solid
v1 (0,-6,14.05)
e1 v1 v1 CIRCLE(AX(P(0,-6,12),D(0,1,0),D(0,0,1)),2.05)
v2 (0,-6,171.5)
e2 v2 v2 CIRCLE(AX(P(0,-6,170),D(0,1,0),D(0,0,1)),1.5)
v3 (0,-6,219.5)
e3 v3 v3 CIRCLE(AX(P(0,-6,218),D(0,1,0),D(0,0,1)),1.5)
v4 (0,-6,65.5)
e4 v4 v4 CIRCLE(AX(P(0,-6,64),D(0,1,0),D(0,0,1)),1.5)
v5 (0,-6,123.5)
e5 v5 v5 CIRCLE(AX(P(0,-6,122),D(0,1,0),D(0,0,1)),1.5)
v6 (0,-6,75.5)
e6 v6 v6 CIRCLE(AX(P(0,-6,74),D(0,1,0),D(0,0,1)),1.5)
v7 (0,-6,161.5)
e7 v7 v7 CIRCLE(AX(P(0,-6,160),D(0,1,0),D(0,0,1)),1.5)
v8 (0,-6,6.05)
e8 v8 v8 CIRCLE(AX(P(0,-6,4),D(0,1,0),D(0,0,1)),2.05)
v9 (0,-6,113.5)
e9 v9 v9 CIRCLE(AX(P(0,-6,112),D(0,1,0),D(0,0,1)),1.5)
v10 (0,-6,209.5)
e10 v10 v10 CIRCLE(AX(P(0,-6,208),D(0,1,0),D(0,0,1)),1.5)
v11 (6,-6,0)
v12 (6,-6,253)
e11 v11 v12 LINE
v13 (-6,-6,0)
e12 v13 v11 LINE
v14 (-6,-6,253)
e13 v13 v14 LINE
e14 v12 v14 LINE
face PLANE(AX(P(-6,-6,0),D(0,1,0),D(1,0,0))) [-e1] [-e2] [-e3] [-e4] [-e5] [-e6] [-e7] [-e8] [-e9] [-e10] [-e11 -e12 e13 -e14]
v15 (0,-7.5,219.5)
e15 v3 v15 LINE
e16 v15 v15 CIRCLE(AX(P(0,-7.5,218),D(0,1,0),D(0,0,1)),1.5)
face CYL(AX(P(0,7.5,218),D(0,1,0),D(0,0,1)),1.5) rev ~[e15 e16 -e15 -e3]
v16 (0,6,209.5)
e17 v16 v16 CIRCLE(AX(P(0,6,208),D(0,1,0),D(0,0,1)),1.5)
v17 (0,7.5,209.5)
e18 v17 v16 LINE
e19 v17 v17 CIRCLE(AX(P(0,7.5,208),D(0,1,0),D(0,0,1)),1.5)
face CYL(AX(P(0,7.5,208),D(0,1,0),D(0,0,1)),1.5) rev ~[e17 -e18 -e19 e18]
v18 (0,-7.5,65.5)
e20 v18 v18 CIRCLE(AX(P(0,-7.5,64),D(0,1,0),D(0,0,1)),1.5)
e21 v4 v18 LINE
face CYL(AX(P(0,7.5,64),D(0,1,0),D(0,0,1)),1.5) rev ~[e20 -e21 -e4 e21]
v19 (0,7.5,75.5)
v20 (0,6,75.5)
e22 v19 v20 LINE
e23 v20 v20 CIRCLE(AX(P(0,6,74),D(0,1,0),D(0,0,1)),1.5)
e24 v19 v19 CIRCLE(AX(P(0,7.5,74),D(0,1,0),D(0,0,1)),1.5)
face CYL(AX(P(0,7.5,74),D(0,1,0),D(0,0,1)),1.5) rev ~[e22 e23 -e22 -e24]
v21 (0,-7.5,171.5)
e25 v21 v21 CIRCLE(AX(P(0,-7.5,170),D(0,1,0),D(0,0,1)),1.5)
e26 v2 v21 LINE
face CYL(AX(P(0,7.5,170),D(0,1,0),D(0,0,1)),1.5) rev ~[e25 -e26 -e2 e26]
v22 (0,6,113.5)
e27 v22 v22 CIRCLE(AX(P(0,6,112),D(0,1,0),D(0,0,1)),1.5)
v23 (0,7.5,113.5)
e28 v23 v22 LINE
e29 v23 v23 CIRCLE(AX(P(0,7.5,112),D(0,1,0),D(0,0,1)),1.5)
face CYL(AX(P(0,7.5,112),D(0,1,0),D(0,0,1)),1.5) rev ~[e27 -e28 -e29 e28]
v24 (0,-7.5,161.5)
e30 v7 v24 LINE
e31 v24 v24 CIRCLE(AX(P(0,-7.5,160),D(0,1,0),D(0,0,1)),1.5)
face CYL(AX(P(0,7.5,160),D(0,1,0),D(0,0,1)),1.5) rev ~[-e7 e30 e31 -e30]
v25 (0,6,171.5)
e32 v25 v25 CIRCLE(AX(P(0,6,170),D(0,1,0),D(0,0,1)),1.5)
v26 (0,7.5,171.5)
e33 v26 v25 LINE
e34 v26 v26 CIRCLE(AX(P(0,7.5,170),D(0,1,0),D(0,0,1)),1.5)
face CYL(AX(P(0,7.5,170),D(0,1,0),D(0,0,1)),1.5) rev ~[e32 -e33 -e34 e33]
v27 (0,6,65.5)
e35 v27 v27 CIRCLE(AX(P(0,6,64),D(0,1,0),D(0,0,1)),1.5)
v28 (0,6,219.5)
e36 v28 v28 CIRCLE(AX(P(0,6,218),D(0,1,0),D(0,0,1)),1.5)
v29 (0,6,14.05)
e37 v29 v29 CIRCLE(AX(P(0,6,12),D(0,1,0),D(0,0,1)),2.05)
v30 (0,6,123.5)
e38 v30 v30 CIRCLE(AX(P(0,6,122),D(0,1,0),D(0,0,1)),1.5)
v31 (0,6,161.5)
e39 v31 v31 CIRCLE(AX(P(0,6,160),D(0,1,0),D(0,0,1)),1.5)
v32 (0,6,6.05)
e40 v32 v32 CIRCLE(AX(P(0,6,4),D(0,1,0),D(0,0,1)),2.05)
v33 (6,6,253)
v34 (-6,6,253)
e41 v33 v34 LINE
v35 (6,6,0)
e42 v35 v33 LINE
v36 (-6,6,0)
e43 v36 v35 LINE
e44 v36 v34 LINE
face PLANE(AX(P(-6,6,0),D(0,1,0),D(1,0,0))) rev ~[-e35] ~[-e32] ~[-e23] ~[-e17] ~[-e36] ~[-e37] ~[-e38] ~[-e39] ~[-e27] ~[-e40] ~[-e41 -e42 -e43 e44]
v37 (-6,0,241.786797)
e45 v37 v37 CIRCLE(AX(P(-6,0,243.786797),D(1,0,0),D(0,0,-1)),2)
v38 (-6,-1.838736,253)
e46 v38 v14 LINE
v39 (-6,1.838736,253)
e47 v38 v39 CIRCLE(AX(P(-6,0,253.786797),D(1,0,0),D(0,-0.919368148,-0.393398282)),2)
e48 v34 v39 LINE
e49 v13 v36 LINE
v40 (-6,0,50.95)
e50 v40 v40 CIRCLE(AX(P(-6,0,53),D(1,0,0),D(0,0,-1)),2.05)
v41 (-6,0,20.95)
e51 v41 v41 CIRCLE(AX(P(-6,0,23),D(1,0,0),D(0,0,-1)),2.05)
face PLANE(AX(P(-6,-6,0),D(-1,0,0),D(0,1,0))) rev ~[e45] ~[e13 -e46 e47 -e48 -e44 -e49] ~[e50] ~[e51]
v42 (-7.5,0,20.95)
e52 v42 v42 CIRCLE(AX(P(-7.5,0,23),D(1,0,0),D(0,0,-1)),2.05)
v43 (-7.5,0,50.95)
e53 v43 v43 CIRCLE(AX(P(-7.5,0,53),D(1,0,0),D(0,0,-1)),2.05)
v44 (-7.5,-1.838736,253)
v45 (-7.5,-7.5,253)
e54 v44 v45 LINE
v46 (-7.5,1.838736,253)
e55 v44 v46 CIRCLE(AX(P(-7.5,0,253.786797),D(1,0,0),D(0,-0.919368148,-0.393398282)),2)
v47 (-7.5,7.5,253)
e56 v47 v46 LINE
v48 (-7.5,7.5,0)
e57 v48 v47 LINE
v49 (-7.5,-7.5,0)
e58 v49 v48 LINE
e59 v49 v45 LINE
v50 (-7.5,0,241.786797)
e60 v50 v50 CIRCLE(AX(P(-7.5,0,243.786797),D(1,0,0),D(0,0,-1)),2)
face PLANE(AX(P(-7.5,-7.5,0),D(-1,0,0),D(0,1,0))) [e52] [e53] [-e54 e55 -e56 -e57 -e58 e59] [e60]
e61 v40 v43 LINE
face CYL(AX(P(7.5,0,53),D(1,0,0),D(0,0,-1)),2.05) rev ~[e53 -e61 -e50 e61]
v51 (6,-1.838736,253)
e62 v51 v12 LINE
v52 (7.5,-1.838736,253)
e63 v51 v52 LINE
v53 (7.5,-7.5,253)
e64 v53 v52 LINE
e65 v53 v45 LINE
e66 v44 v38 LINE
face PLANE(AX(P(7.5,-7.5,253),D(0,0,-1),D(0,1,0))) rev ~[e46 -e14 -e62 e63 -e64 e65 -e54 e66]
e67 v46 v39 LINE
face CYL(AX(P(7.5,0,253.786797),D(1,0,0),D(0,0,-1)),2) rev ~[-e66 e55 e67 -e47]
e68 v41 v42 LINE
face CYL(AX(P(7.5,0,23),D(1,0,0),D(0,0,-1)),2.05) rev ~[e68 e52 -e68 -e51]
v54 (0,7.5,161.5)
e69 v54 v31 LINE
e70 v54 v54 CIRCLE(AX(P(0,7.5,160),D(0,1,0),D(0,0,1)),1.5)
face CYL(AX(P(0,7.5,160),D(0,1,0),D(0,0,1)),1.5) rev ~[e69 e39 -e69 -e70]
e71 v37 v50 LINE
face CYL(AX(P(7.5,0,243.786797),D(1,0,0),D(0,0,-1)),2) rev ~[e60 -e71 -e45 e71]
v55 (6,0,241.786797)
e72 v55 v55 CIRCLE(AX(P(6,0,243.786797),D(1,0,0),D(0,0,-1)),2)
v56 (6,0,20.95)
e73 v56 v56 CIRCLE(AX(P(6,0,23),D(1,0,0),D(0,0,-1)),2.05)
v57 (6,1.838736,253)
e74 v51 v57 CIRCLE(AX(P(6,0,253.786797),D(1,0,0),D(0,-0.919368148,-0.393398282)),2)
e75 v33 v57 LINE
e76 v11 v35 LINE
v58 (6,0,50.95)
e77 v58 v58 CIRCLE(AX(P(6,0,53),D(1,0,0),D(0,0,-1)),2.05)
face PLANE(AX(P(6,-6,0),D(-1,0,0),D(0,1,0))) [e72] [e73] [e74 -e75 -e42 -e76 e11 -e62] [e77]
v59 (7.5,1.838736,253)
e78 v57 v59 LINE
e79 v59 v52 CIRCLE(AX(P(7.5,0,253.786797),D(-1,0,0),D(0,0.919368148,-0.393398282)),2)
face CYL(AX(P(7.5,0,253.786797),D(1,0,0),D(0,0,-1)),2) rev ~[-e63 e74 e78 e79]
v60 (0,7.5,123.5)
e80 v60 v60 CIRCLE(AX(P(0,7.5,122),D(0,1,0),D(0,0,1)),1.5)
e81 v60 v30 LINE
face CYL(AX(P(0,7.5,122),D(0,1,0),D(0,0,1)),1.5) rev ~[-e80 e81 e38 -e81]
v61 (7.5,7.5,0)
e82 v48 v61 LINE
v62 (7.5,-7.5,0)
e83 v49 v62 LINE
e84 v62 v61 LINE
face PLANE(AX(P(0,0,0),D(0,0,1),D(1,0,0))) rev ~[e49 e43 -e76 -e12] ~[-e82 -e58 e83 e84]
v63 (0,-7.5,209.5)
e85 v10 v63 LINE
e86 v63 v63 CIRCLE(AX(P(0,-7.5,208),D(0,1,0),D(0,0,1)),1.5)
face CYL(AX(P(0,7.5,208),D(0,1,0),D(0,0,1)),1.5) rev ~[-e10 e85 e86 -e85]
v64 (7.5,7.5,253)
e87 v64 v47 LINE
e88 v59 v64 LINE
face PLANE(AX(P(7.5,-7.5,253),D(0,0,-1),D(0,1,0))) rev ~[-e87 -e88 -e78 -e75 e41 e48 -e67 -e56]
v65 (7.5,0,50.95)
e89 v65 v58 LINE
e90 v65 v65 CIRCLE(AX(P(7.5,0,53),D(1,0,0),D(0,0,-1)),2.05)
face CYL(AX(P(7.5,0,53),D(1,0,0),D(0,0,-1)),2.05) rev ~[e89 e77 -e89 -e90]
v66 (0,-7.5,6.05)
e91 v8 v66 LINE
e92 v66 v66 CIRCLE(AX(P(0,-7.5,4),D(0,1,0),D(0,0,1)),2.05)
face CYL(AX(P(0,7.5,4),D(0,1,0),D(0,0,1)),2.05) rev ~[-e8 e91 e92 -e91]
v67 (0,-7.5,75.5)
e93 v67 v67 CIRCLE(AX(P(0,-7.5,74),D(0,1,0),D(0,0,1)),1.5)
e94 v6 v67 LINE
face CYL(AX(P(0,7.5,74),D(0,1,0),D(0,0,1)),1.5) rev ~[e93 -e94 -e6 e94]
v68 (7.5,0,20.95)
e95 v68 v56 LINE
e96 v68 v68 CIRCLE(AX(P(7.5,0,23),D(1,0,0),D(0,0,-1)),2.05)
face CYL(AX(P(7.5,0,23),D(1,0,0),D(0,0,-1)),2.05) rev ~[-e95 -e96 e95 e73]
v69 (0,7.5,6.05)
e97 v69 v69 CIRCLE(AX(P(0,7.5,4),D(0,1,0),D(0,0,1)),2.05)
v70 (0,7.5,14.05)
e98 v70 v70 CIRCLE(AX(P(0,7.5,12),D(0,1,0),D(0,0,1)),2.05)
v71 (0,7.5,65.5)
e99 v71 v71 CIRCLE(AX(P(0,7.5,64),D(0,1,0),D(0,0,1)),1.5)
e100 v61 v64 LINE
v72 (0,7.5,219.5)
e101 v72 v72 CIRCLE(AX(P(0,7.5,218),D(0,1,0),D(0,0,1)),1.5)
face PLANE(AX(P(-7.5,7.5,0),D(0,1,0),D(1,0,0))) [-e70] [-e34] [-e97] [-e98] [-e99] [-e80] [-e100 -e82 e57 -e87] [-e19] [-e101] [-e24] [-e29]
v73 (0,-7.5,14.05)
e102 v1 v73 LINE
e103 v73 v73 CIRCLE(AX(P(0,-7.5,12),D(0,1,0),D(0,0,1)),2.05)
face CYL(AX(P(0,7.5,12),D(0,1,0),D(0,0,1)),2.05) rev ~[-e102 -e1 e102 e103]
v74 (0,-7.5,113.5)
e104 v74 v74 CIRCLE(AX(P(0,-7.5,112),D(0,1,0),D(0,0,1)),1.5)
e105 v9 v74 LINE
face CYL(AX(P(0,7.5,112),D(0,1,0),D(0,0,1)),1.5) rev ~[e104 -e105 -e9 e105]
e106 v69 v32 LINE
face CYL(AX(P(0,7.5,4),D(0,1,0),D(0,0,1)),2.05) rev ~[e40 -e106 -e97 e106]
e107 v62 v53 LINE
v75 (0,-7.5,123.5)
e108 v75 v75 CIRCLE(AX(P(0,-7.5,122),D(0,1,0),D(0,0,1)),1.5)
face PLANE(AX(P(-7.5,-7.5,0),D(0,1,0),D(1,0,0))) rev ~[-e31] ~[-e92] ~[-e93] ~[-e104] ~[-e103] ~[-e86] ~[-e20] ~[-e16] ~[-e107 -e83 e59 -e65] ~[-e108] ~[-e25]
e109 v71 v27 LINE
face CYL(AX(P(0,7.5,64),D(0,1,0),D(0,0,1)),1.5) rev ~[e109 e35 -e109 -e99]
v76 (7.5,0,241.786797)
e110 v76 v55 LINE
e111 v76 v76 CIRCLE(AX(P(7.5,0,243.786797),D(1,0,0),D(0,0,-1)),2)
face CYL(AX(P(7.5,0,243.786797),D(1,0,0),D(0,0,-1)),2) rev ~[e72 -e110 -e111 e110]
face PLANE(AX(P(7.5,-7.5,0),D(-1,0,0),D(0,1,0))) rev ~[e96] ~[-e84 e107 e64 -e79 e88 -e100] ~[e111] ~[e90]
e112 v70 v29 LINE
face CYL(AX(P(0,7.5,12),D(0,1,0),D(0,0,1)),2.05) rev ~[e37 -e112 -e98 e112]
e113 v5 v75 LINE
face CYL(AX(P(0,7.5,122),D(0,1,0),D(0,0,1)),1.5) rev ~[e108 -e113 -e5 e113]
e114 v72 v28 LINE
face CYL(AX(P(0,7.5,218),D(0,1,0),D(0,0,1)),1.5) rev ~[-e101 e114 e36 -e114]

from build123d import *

# Parameters (mm, degrees)
SKETCH_1_W          = 15
SKETCH_1_H          = 15
SKETCH_1_W_2        = 12
SKETCH_1_H_2        = 12
EXTRUDE_1_DEPTH     = 375
SKETCH_3_R          = 2.05
CUT_EXTRUDE_2_DEPTH = 21
SKETCH_4_R          = 2.05
CUT_EXTRUDE_3_DEPTH = 25
SKETCH_6_R          = 2
CUT_EXTRUDE_5_DEPTH = 75
SKETCH_7_R          = 2
CUT_EXTRUDE_6_DEPTH = 376.374812687
SKETCH_8_W          = 122
SKETCH_8_H          = 15
CUT_EXTRUDE_7_DEPTH = 376.374812687
SKETCH_9_R          = 1.5
CUT_EXTRUDE_8_DEPTH = 254.55522081


with BuildPart() as part:
    # 草图1 → 凸台-拉伸1 (new body)
    with BuildSketch(Plane.XY):
        Rectangle(SKETCH_1_W, SKETCH_1_H)
        Rectangle(SKETCH_1_W_2, SKETCH_1_H_2, mode=Mode.SUBTRACT)
    extrude(amount=EXTRUDE_1_DEPTH)

    # 草图3 → 切除-拉伸2 (cut)
    with BuildSketch(Plane(origin=(0, 7.5, 0), x_dir=(1, 0, 0), z_dir=(0, 1, 0))):
        with Locations(Location((0, -4, 0), (0, 0, 270))):
            Circle(SKETCH_3_R)
        with Locations(Location((0, -12, 0), (0, 0, 270))):
            Circle(SKETCH_3_R)
    extrude(amount=-CUT_EXTRUDE_2_DEPTH, mode=Mode.SUBTRACT)

    # 草图4 → 切除-拉伸3 (cut)
    with BuildSketch(Plane(origin=(7.5, 0, 0), x_dir=(0, 0, -1), z_dir=(1, 0, 0))):
        with Locations((-23, 0)):
            Circle(SKETCH_4_R)
        with Locations((-53, 0)):
            Circle(SKETCH_4_R)
    extrude(amount=-CUT_EXTRUDE_3_DEPTH, mode=Mode.SUBTRACT)

    # 草图6 → 切除-拉伸5 (cut)
    with BuildSketch(Plane(origin=(0, 7.5, 0), x_dir=(1, 0, 0), z_dir=(0, 1, 0))):
        with Locations(Location((0, -335, 0), (0, 0, 270))):
            Circle(SKETCH_6_R)
        with Locations(Location((0, -350, 0), (0, 0, 270))):
            Circle(SKETCH_6_R)
    extrude(amount=-CUT_EXTRUDE_5_DEPTH, mode=Mode.SUBTRACT)

    # 草图7 → 切除-拉伸6 (cut, through all)
    with BuildSketch(Plane(origin=(7.5, 0, 0), x_dir=(0, 0, -1), z_dir=(1, 0, 0))):
        with Locations((-253.786796565, 0)):
            Circle(SKETCH_7_R)
        with Locations((-243.786796565, 0)):
            Circle(SKETCH_7_R)
    extrude(amount=-CUT_EXTRUDE_6_DEPTH, mode=Mode.SUBTRACT)

    # 草图8 → 切除-拉伸7 (cut, through all)
    with BuildSketch(Plane(origin=(7.5, 0, 0), x_dir=(0, 0, -1), z_dir=(1, 0, 0))):
        with Locations((-314, 0)):
            Rectangle(SKETCH_8_W, SKETCH_8_H)
    extrude(amount=-CUT_EXTRUDE_7_DEPTH, mode=Mode.SUBTRACT)

    # 草图9 → 切除-拉伸8 (cut, through all)
    with BuildSketch(Plane(origin=(0, 7.5, 0), x_dir=(1, 0, 0), z_dir=(0, 1, 0))):
        with Locations(Location((0, -218, 0), (0, 0, 270))):
            Circle(SKETCH_9_R)
        with Locations(Location((0, -208, 0), (0, 0, 270))):
            Circle(SKETCH_9_R)
        with Locations(Location((0, -170, 0), (0, 0, 270))):
            Circle(SKETCH_9_R)
        with Locations(Location((0, -160, 0), (0, 0, 270))):
            Circle(SKETCH_9_R)
        with Locations(Location((0, -122, 0), (0, 0, 270))):
            Circle(SKETCH_9_R)
        with Locations(Location((0, -112, 0), (0, 0, 270))):
            Circle(SKETCH_9_R)
        with Locations(Location((0, -74, 0), (0, 0, 270))):
            Circle(SKETCH_9_R)
        with Locations(Location((0, -64, 0), (0, 0, 270))):
            Circle(SKETCH_9_R)
    extrude(amount=-CUT_EXTRUDE_8_DEPTH, mode=Mode.SUBTRACT)


solid = part.part
